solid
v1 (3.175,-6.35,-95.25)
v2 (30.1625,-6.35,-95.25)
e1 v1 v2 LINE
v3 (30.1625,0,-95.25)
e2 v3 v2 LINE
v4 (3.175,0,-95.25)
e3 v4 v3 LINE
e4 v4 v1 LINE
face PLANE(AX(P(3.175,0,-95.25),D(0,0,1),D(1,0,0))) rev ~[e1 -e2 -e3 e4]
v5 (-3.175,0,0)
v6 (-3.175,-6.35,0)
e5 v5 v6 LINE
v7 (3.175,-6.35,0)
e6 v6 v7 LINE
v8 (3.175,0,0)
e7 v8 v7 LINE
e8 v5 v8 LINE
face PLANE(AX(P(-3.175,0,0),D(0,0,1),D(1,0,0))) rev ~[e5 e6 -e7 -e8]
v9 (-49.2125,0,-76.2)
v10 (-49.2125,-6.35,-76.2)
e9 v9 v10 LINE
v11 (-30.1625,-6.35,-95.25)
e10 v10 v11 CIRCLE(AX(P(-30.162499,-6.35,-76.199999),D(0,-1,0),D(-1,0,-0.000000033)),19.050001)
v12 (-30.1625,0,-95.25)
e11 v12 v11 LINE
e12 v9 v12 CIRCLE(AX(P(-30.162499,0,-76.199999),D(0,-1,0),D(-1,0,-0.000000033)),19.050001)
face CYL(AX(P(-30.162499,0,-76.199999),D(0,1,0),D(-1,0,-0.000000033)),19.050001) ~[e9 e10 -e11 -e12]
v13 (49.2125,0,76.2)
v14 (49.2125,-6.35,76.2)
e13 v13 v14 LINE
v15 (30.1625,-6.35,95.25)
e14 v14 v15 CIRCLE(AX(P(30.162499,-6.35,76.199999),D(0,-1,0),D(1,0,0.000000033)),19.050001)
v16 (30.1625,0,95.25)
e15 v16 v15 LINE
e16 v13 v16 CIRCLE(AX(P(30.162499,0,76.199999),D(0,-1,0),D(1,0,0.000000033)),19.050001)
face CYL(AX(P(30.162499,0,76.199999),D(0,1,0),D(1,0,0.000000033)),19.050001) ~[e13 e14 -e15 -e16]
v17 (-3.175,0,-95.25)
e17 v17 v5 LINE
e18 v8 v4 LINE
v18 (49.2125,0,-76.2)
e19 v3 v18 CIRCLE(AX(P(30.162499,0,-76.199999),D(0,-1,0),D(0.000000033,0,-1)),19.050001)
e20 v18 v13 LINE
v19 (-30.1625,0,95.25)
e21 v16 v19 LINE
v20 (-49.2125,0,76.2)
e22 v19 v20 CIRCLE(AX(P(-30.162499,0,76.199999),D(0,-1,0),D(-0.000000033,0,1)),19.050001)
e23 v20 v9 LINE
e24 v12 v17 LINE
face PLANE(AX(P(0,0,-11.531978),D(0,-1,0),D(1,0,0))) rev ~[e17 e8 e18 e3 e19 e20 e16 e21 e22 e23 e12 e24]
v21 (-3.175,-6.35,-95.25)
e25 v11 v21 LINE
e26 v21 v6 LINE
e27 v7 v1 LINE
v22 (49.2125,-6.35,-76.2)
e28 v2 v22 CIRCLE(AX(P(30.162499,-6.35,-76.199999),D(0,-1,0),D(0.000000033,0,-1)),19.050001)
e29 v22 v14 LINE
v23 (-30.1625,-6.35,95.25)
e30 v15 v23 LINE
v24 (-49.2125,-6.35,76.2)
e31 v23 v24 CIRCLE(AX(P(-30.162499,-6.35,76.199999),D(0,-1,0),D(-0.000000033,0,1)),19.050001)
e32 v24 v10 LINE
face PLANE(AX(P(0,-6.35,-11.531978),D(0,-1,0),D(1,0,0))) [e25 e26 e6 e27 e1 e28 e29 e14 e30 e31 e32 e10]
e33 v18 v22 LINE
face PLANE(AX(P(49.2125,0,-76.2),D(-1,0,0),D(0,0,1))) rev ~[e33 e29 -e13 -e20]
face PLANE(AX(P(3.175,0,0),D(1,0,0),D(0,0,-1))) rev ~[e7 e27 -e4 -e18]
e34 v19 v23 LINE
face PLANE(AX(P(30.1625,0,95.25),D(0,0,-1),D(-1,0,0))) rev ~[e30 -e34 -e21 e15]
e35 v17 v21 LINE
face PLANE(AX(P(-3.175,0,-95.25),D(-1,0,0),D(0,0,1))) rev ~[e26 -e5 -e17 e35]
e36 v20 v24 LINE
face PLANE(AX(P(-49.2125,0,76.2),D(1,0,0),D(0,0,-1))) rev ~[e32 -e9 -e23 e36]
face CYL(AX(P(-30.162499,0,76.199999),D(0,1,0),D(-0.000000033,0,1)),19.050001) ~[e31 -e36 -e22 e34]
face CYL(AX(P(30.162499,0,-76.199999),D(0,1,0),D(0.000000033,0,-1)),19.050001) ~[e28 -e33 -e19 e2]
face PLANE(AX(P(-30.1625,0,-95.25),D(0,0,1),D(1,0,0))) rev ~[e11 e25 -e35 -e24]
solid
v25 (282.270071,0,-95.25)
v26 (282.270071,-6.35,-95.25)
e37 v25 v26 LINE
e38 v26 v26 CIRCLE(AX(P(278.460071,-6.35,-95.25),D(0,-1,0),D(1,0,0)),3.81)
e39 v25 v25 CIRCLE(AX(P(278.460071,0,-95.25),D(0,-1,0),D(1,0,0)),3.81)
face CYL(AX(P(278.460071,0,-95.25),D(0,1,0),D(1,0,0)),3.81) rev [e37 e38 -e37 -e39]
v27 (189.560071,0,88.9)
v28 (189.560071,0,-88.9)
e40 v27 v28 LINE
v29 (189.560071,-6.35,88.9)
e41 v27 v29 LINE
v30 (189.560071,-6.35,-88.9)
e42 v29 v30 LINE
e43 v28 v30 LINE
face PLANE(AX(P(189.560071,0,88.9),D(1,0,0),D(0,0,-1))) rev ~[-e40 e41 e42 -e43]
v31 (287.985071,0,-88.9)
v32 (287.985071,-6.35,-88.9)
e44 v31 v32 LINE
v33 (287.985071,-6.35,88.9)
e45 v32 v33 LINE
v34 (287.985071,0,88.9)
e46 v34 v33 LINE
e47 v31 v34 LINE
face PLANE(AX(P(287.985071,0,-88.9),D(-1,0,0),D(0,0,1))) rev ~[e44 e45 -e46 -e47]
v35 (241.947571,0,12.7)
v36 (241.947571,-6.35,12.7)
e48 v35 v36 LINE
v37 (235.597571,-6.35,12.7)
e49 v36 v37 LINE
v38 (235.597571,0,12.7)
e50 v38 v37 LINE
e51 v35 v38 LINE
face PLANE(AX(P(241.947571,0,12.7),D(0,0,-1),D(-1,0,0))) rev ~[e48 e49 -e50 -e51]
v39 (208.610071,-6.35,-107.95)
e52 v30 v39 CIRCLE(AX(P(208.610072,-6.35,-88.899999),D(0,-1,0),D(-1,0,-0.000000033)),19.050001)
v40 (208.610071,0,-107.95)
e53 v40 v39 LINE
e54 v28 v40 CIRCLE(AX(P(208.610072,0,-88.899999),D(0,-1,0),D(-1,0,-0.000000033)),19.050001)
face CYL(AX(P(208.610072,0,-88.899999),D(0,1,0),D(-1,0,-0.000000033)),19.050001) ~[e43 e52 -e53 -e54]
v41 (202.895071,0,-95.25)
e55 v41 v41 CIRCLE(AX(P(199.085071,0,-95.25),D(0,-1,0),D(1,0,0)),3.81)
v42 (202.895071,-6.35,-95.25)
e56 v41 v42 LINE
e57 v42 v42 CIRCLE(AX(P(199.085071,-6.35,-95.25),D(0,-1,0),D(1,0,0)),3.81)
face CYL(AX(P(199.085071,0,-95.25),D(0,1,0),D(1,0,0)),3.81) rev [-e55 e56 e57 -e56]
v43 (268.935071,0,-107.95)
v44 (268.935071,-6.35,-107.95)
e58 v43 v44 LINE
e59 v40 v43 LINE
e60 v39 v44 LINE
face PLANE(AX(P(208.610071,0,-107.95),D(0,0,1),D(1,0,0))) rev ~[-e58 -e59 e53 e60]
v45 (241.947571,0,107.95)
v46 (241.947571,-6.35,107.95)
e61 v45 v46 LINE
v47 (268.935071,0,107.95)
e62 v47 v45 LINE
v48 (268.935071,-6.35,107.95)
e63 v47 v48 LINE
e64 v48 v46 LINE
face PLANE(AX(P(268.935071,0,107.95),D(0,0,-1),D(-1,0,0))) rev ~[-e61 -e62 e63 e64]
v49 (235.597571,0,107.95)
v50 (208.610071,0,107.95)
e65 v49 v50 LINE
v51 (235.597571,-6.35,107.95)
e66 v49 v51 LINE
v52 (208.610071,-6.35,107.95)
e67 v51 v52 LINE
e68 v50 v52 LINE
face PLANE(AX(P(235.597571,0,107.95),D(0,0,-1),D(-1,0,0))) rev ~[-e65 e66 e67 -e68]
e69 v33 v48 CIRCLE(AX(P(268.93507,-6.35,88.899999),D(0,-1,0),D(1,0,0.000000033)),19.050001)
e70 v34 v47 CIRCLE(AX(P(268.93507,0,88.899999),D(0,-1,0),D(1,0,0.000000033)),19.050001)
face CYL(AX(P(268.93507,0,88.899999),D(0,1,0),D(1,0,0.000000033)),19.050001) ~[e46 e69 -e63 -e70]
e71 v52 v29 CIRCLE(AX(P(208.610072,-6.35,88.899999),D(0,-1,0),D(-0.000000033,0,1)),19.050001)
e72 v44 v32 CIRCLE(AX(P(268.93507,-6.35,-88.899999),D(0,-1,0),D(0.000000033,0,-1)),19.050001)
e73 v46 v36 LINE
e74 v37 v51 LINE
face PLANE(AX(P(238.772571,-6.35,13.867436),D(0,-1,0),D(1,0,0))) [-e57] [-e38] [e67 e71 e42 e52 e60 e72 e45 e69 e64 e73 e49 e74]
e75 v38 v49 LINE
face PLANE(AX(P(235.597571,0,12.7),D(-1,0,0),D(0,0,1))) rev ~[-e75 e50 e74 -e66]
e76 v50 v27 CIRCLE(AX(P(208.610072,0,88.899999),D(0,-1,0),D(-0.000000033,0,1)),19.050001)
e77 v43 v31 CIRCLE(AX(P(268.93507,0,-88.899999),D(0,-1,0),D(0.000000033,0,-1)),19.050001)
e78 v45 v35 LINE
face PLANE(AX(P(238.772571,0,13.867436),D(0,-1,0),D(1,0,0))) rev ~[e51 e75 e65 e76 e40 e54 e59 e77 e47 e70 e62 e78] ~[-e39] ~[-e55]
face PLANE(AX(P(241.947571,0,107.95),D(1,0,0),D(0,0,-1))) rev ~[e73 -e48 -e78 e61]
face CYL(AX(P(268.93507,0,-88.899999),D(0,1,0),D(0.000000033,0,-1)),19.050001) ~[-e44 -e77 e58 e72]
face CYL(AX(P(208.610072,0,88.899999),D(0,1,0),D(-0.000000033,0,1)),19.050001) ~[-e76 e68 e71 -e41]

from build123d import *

# Parameters (mm, degrees)
F1_DEPTH = 6.35
F2_R     = 3.81
F3_DEPTH = 6.35


with BuildPart() as f1:
    # F0 (on Front) → F1 (new body)
    with BuildSketch(Plane.XZ):
        with BuildLine():
            ThreePointArc((49.2125, 76.2), (43.632884, 89.670384), (30.1625, 95.25))
            Line((30.1625, 95.25), (-30.1625, 95.25))
            ThreePointArc((-30.1625, 95.25), (-43.632884, 89.670384), (-49.2125, 76.2))
            Line((-49.2125, 76.2), (-49.2125, -76.2))
            ThreePointArc((-49.2125, -76.2), (-43.632884, -89.670384), (-30.1625, -95.25))
            Line((-30.1625, -95.25), (-3.175, -95.25))
            Line((-3.175, -95.25), (-3.175, 0))
            Line((-3.175, 0), (3.175, 0))
            Line((3.175, 0), (3.175, -95.25))
            Line((3.175, -95.25), (30.1625, -95.25))
            ThreePointArc((30.1625, -95.25), (43.632884, -89.670384), (49.2125, -76.2))
            Line((49.2125, -76.2), (49.2125, 76.2))
        make_face()
    extrude(amount=F1_DEPTH)


with BuildPart() as f3:
    # F2 (on Front) → F3 (new body)
    with BuildSketch(Plane.XZ):
        with BuildLine():
            ThreePointArc((287.985071, 88.9), (282.405455, 102.370384), (268.935071, 107.95))
            Line((268.935071, 107.95), (241.947571, 107.95))
            Line((241.947571, 107.95), (241.947571, 12.7))
            Line((241.947571, 12.7), (235.597571, 12.7))
            Line((235.597571, 12.7), (235.597571, 107.95))
            Line((235.597571, 107.95), (208.610071, 107.95))
            ThreePointArc((208.610071, 107.95), (195.139687, 102.370384), (189.560071, 88.9))
            Line((189.560071, 88.9), (189.560071, -88.9))
            ThreePointArc((189.560071, -88.9), (195.139687, -102.370384), (208.610071, -107.95))
            Line((208.610071, -107.95), (268.935071, -107.95))
            ThreePointArc((268.935071, -107.95), (282.405455, -102.370384), (287.985071, -88.9))
            Line((287.985071, -88.9), (287.985071, 88.9))
        make_face()
        with Locations((199.085071, -95.25)):
            Circle(F2_R, mode=Mode.SUBTRACT)
        with Locations((278.460071, -95.25)):
            Circle(F2_R, mode=Mode.SUBTRACT)
    extrude(amount=F3_DEPTH)


solid = Compound([f1.part, f3.part])
